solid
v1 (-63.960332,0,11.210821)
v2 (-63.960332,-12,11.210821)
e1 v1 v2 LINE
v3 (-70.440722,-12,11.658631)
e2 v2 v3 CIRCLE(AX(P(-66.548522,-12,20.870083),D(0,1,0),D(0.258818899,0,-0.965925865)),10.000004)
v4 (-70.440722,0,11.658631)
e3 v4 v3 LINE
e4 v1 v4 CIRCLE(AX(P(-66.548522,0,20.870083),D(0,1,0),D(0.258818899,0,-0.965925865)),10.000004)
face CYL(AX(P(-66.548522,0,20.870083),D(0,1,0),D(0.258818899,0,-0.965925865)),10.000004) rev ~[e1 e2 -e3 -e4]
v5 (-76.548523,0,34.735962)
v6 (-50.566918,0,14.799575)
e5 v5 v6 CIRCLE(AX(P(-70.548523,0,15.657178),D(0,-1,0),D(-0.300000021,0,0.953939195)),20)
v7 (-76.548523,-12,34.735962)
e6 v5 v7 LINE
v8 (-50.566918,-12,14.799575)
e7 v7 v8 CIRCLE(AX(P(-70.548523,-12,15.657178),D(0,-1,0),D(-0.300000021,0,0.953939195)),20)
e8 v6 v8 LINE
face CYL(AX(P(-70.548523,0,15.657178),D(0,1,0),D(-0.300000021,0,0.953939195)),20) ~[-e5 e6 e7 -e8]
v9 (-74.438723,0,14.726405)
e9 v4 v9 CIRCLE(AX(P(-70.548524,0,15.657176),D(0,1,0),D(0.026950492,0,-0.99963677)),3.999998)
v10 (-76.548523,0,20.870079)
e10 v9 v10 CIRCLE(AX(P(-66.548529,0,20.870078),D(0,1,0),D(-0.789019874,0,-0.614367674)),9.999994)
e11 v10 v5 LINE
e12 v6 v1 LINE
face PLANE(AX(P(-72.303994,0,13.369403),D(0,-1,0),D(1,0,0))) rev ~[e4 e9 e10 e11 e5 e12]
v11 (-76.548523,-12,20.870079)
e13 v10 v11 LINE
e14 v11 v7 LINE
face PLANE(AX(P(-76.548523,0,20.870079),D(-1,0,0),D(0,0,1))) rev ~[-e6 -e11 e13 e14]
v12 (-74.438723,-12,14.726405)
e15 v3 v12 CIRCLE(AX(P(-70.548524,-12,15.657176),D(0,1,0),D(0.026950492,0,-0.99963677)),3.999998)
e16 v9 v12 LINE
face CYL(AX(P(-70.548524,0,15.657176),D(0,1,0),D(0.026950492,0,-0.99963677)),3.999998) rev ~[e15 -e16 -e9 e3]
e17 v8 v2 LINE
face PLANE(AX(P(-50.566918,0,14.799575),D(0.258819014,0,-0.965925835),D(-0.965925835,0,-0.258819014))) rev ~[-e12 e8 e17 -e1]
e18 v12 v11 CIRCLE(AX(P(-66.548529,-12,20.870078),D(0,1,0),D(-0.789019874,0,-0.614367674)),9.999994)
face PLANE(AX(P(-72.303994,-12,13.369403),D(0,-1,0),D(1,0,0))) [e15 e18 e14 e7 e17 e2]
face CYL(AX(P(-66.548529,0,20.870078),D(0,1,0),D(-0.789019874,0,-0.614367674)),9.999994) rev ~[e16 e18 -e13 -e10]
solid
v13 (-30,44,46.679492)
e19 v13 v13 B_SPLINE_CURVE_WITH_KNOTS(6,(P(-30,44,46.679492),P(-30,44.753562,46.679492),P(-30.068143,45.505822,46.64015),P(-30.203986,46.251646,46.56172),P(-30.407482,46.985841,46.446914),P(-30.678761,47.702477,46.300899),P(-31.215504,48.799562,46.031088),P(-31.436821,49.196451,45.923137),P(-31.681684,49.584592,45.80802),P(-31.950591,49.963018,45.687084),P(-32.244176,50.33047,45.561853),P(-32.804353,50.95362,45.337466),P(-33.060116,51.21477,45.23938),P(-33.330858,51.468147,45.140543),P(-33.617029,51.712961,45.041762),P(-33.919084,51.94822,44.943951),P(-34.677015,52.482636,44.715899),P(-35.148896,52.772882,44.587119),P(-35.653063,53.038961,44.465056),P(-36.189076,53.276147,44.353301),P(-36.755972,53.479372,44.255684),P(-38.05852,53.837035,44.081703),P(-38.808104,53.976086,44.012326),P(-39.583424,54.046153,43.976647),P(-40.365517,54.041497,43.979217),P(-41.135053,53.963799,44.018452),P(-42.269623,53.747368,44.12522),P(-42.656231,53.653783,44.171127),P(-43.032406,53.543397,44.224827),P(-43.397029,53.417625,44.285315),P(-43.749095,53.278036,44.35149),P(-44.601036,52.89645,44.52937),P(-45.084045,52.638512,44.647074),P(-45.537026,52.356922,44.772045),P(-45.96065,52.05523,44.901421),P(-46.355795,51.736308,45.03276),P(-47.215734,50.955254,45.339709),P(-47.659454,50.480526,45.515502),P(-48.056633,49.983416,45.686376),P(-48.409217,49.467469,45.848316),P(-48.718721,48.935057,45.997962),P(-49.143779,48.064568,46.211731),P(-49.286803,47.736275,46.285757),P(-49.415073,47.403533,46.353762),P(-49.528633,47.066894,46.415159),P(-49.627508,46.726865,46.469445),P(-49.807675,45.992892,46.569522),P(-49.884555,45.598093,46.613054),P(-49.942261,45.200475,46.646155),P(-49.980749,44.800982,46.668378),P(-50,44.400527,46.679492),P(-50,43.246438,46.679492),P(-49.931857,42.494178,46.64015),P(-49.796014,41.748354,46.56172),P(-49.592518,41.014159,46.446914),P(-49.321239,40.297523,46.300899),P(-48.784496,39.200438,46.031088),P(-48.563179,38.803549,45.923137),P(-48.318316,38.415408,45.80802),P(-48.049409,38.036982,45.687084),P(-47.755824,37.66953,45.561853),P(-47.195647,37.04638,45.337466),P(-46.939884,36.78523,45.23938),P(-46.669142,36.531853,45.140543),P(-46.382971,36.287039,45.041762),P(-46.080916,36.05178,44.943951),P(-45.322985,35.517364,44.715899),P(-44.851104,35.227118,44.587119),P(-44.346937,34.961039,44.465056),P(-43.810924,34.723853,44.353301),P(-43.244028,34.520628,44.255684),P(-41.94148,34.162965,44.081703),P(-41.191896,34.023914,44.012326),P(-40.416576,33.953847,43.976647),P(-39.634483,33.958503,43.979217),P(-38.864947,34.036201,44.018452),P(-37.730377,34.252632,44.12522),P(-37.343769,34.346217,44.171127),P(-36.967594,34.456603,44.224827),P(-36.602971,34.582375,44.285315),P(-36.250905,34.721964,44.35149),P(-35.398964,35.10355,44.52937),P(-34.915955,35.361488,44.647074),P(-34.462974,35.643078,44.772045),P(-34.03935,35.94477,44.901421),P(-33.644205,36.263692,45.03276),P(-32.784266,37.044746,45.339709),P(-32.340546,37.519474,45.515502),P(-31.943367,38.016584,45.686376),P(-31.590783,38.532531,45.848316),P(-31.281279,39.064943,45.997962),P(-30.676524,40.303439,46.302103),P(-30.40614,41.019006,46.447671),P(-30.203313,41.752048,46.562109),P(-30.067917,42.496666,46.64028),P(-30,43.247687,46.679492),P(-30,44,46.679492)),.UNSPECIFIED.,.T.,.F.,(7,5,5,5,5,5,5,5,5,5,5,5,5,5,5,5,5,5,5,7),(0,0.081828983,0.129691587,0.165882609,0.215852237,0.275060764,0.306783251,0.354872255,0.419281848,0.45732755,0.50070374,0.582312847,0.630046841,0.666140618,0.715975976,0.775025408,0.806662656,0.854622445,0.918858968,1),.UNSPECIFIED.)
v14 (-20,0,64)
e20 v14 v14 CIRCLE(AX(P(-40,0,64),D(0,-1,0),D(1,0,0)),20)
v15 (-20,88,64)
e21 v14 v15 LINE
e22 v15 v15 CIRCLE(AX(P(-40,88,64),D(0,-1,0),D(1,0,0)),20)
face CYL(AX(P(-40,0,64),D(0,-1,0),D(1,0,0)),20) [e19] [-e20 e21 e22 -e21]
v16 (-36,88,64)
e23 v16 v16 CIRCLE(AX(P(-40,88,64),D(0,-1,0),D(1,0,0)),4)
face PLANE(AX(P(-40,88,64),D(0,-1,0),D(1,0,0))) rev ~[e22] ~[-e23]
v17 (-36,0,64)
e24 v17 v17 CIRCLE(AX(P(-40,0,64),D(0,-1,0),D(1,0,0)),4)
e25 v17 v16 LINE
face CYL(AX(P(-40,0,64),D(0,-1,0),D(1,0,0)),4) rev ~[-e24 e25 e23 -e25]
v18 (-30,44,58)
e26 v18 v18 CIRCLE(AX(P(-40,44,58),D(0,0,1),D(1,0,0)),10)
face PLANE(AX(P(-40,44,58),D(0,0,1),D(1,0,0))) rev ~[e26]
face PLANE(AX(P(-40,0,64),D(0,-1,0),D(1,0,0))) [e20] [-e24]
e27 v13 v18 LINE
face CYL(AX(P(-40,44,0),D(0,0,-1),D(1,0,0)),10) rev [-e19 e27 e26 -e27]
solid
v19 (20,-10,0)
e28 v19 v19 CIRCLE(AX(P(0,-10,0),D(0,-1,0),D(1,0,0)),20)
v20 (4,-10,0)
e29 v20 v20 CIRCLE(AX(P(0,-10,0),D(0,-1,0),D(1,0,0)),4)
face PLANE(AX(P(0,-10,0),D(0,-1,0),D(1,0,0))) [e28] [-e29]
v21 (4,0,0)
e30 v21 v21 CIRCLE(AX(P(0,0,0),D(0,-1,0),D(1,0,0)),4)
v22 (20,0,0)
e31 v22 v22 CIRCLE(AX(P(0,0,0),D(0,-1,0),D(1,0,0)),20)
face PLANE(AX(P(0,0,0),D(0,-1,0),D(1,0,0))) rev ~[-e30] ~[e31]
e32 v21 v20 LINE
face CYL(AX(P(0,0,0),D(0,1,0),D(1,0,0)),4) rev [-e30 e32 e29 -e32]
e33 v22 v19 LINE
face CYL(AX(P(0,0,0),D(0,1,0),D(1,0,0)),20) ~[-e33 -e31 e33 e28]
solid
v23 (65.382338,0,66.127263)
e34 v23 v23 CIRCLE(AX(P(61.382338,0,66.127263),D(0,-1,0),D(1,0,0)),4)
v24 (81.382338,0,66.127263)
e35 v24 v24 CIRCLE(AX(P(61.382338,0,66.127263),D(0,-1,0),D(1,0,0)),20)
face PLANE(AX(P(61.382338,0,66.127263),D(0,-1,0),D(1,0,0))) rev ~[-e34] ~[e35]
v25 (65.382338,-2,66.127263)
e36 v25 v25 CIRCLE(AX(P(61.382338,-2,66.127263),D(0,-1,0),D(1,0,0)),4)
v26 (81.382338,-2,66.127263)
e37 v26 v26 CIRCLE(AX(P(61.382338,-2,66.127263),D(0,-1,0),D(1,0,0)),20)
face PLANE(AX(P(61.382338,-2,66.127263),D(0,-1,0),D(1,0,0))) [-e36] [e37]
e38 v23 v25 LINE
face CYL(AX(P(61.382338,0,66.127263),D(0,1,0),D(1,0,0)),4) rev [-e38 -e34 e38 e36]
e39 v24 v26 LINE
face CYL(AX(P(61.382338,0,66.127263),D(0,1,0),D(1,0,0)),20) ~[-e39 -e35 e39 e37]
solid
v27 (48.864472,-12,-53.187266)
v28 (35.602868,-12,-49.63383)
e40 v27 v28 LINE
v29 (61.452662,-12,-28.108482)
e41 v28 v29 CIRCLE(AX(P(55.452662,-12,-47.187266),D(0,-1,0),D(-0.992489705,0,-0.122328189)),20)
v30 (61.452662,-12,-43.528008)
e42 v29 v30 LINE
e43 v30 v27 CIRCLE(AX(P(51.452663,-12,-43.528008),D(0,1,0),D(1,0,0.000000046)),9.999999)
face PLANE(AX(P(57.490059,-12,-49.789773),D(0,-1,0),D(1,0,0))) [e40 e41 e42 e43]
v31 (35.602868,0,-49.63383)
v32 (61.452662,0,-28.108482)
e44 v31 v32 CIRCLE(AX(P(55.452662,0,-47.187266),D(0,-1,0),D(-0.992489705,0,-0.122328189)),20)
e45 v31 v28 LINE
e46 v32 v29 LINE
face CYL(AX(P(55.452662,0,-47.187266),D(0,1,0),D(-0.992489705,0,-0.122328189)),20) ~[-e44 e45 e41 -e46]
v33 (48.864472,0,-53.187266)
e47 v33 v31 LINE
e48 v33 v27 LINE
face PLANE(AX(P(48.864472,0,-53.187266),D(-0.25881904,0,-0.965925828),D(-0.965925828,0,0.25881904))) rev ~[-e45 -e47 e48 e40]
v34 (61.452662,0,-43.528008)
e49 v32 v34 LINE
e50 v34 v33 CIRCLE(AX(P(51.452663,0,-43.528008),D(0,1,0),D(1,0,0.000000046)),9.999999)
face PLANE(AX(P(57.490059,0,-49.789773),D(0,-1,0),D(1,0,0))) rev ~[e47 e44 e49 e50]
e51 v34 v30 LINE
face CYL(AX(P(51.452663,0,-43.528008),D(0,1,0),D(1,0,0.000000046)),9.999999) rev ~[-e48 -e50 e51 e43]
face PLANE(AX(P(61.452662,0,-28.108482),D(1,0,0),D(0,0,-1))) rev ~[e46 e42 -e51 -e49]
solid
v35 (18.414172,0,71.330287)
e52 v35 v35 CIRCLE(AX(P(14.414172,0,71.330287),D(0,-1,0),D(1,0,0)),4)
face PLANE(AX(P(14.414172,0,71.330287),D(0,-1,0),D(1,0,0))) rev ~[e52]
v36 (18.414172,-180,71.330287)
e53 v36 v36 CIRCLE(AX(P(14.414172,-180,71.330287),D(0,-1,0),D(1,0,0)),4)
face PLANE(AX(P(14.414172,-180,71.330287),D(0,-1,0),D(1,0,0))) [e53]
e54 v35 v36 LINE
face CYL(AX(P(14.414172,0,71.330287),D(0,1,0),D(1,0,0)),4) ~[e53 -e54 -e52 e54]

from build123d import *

# Parameters (mm, degrees)
F0_R      = 20
F0_R_2    = 4
F1_DEPTH  = 10
F3_DEPTH  = 12
F4_R      = 20
F4_R_2    = 4
F5_DEPTH  = 2
F6_R      = 20
F6_R_2    = 4
F7_DEPTH  = 88
F9_DEPTH  = 12
F10_R     = 4
F11_DEPTH = 180
F12_R     = 10
F13_DEPTH = 58


with BuildPart() as f1:
    # F0 (on Front) → F1 (new body)
    with BuildSketch(Plane.XZ):
        Circle(F0_R)
        Circle(F0_R_2, mode=Mode.SUBTRACT)
    extrude(amount=F1_DEPTH)


with BuildPart() as f3:
    # F2 (on Front) → F3 (new body)
    with BuildSketch(Plane.XZ):
        with BuildLine():
            Line((-76.548523, 20.870079), (-76.548523, 34.735962))
            ThreePointArc((-76.548523, 34.735962), (-82.723751, -0.209889), (-50.566918, 14.799575))
            Line((-50.566918, 14.799575), (-63.960332, 11.210821))
            ThreePointArc((-63.960332, 11.210821), (-67.237901, 10.89387), (-70.440722, 11.658631))
            ThreePointArc((-70.440722, 11.658631), (-72.983568, 12.483764), (-74.438723, 14.726405))
            ThreePointArc((-74.438723, 14.726405), (-76.006377, 17.622157), (-76.548523, 20.870079))
        make_face()
    extrude(amount=F3_DEPTH)


with BuildPart() as f5:
    # F4 (on Front) → F5 (new body)
    with BuildSketch(Plane.XZ):
        with Locations((61.382338, 66.127263)):
            Circle(F4_R)
        with Locations((61.382338, 66.127263)):
            Circle(F4_R_2, mode=Mode.SUBTRACT)
    extrude(amount=F5_DEPTH)


with BuildPart() as f7:
    # F6 (on Front) → F7 (new body)
    with BuildSketch(Plane.XZ):
        with Locations((-40, 64)):
            Circle(F6_R)
        with Locations((-40, 64)):
            Circle(F6_R_2, mode=Mode.SUBTRACT)
    extrude(amount=-F7_DEPTH)

    # F12 (on Top) → F13 (cut)
    with BuildSketch(Plane.XY):
        with Locations((-40, 44)):
            Circle(F12_R)
    extrude(amount=F13_DEPTH, mode=Mode.SUBTRACT)


with BuildPart() as f9:
    # F8 (on Front) → F9 (new body)
    with BuildSketch(Plane.XZ):
        with BuildLine():
            Line((48.864472, -53.187266), (35.602868, -49.63383))
            ThreePointArc((35.602868, -49.63383), (68.250684, -62.556412), (61.452662, -28.108482))
            Line((61.452662, -28.108482), (61.452662, -43.528008))
            ThreePointArc((61.452662, -43.528008), (57.540277, -51.461541), (48.864472, -53.187266))
        make_face()
    extrude(amount=F9_DEPTH)


with BuildPart() as f11:
    # F10 (on Front) → F11 (new body)
    with BuildSketch(Plane.XZ):
        with Locations((14.414172, 71.330287)):
            Circle(F10_R)
    extrude(amount=F11_DEPTH)


solid = Compound([f1.part, f3.part, f5.part, f7.part, f9.part, f11.part])
